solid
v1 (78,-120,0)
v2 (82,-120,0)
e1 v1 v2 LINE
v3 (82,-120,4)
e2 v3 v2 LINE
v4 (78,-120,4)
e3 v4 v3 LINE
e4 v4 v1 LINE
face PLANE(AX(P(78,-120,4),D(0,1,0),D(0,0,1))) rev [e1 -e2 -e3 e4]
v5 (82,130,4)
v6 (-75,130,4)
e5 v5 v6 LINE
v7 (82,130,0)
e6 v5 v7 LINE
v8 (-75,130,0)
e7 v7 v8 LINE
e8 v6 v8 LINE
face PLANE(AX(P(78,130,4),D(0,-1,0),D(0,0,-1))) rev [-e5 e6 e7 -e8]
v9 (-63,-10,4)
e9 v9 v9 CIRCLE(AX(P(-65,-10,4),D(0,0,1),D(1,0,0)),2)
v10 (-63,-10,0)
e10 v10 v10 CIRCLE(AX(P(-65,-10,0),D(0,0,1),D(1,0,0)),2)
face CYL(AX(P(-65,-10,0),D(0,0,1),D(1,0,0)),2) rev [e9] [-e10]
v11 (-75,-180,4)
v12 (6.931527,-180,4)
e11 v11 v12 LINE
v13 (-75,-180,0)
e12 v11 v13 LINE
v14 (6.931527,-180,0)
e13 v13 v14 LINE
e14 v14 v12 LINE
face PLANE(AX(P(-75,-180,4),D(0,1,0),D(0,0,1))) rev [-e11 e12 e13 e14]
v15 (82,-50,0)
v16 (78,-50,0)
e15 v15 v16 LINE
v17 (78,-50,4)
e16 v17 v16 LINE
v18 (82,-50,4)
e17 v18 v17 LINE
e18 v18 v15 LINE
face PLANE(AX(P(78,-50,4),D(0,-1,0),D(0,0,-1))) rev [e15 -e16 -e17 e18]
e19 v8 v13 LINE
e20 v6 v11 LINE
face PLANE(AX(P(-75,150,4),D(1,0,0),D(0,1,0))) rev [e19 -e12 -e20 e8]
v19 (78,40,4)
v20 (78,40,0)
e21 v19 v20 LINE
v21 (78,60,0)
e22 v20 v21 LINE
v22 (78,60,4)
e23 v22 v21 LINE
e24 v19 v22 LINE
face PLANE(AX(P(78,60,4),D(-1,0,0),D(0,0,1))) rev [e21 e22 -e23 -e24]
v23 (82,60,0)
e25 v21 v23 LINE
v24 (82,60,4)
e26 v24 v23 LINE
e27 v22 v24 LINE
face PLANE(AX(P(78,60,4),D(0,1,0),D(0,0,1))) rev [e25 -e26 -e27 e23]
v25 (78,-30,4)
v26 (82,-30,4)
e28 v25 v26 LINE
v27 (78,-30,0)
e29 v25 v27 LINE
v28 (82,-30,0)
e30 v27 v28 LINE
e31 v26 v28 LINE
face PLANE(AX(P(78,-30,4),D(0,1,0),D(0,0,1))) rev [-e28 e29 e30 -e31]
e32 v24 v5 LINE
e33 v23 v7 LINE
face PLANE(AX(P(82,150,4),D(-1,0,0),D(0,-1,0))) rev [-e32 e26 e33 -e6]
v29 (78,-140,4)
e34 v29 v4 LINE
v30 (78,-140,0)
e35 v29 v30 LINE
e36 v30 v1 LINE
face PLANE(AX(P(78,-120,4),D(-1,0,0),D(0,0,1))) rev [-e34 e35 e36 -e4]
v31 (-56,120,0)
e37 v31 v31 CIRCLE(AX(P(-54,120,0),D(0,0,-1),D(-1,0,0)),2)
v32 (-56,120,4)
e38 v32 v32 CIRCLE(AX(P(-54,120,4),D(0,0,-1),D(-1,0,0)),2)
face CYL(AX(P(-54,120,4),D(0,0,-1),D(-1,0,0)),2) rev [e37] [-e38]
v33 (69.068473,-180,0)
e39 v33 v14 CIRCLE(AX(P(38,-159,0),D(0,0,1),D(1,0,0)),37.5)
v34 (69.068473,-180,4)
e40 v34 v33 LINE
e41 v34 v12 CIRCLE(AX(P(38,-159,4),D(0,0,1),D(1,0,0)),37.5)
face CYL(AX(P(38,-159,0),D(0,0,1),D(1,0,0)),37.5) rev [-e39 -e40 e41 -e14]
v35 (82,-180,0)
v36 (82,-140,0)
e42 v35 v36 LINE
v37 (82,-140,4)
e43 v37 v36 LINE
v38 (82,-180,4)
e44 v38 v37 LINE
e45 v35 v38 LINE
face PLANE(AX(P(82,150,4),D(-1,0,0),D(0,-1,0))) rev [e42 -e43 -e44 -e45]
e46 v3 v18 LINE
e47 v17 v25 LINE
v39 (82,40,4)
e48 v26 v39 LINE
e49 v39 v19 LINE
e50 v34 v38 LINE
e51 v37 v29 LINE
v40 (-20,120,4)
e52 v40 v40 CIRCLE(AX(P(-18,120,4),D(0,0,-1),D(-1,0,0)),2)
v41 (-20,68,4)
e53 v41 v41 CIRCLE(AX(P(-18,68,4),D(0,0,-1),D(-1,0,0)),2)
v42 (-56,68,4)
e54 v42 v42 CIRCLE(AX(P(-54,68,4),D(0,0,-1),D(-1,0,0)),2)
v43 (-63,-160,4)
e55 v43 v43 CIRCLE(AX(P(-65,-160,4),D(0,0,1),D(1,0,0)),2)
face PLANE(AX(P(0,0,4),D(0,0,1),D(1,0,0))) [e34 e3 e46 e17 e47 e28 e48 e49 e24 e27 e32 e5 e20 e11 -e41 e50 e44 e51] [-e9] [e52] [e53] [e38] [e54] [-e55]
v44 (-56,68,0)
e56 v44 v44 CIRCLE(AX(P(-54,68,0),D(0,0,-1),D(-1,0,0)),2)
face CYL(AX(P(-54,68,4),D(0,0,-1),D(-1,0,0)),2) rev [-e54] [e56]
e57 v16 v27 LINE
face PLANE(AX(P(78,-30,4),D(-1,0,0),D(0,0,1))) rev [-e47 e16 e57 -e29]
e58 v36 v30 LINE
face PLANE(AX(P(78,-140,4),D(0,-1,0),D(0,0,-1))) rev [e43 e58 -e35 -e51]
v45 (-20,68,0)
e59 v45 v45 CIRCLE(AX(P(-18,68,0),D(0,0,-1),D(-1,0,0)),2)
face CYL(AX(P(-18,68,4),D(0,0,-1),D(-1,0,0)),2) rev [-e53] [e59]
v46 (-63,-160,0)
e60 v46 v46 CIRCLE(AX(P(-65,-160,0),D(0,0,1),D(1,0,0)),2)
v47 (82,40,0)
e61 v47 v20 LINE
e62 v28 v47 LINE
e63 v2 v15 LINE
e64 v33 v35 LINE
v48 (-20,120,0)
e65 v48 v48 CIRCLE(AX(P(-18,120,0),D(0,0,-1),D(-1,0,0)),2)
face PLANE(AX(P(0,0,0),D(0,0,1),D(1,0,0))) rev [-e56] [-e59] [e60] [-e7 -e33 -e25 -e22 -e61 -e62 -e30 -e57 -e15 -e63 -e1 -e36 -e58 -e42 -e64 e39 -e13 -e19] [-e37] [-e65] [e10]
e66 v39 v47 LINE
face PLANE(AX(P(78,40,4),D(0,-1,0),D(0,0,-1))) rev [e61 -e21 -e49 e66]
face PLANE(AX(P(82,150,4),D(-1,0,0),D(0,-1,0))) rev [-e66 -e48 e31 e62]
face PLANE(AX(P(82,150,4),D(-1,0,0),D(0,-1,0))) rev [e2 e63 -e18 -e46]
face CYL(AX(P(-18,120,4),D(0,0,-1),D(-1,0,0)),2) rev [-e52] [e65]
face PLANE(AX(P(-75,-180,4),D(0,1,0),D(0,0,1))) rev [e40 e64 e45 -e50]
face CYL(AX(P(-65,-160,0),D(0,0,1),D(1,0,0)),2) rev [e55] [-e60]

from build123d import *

# Parameters (mm, degrees)
SKETCH1_W           = 165
SKETCH1_H           = 330
BOSS_EXTRUDE1_DEPTH = 4
SKETCH2_R           = 37.5
CUT_EXTRUDE1_DEPTH  = 202.285866369
SKETCH4_W           = 8
SKETCH4_H           = 300
CUT_EXTRUDE3_DEPTH  = 202.285866369
SKETCH3_W           = 4
SKETCH3_H           = 20
CUT_EXTRUDE2_DEPTH  = 202.285866369
SKETCH5_W           = 8
SKETCH5_H           = 30
CUT_EXTRUDE4_DEPTH  = 202.285866369
SKETCH6_R           = 2
CUT_EXTRUDE5_DEPTH  = 198.838317825
SKETCH7_R           = 2
CUT_EXTRUDE6_DEPTH  = 198.838317825
SKETCH8_W           = 153
SKETCH8_H           = 20
CUT_EXTRUDE7_DEPTH  = 198.838317825


with BuildPart() as part:
    # Sketch1 → Boss-Extrude1 (new body)
    with BuildSketch(Plane.XY):
        with Locations((7.5, -15)):
            Rectangle(SKETCH1_W, SKETCH1_H)
    extrude(amount=BOSS_EXTRUDE1_DEPTH)

    # Sketch2 → Cut-Extrude1 (cut, through all)
    with BuildSketch(Plane.XY.offset(4)):
        with Locations((38, -159)):
            Circle(SKETCH2_R)
    extrude(amount=-CUT_EXTRUDE1_DEPTH, mode=Mode.SUBTRACT)

    # Sketch4 → Cut-Extrude3 (cut, through all)
    with BuildSketch(Plane(origin=(0, 0, 0), x_dir=(-1, 0, 0), z_dir=(0, 0, -1))):
        with Locations((-86, 0)):
            Rectangle(SKETCH4_W, SKETCH4_H)
    extrude(amount=-CUT_EXTRUDE3_DEPTH, mode=Mode.SUBTRACT)

    # Sketch3 → Cut-Extrude2 (cut, through all)
    with BuildSketch(Plane(origin=(0, 0, 0), x_dir=(-1, 0, 0), z_dir=(0, 0, -1))):
        with Locations((-80, 140)):
            Rectangle(SKETCH3_W, SKETCH3_H)
        with Locations((-80, 50)):
            Rectangle(SKETCH3_W, SKETCH3_H)
        with Locations((-80, -40)):
            Rectangle(SKETCH3_W, SKETCH3_H)
        with Locations((-80, -130)):
            Rectangle(SKETCH3_W, SKETCH3_H)
    extrude(amount=-CUT_EXTRUDE2_DEPTH, mode=Mode.SUBTRACT)

    # Sketch5 → Cut-Extrude4 (cut, through all)
    with BuildSketch(Plane.XY.offset(4)):
        with Locations((86, -165)):
            Rectangle(SKETCH5_W, SKETCH5_H)
    extrude(amount=-CUT_EXTRUDE4_DEPTH, mode=Mode.SUBTRACT)

    # Sketch6 → Cut-Extrude5 (cut, through all)
    with BuildSketch(Plane(origin=(0, 0, 0), x_dir=(-1, 0, 0), z_dir=(0, 0, -1))):
        with Locations((18, 120)):
            Circle(SKETCH6_R)
        with Locations((54, 120)):
            Circle(SKETCH6_R)
        with Locations((18, 68)):
            Circle(SKETCH6_R)
        with Locations((54, 68)):
            Circle(SKETCH6_R)
    extrude(amount=-CUT_EXTRUDE5_DEPTH, mode=Mode.SUBTRACT)

    # Sketch7 → Cut-Extrude6 (cut, through all)
    with BuildSketch(Plane.XY.offset(4)):
        with Locations((-65, 140)):
            Circle(SKETCH7_R)
        with Locations((-65, -10)):
            Circle(SKETCH7_R)
        with Locations((-65, -160)):
            Circle(SKETCH7_R)
    extrude(amount=-CUT_EXTRUDE6_DEPTH, mode=Mode.SUBTRACT)

    # Sketch8 → Cut-Extrude7 (cut, through all)
    with BuildSketch(Plane(origin=(0, 0, 0), x_dir=(-1, 0, 0), z_dir=(0, 0, -1))):
        with Locations((-1.5, 140)):
            Rectangle(SKETCH8_W, SKETCH8_H)
    extrude(amount=-CUT_EXTRUDE7_DEPTH, mode=Mode.SUBTRACT)


solid = part.part
